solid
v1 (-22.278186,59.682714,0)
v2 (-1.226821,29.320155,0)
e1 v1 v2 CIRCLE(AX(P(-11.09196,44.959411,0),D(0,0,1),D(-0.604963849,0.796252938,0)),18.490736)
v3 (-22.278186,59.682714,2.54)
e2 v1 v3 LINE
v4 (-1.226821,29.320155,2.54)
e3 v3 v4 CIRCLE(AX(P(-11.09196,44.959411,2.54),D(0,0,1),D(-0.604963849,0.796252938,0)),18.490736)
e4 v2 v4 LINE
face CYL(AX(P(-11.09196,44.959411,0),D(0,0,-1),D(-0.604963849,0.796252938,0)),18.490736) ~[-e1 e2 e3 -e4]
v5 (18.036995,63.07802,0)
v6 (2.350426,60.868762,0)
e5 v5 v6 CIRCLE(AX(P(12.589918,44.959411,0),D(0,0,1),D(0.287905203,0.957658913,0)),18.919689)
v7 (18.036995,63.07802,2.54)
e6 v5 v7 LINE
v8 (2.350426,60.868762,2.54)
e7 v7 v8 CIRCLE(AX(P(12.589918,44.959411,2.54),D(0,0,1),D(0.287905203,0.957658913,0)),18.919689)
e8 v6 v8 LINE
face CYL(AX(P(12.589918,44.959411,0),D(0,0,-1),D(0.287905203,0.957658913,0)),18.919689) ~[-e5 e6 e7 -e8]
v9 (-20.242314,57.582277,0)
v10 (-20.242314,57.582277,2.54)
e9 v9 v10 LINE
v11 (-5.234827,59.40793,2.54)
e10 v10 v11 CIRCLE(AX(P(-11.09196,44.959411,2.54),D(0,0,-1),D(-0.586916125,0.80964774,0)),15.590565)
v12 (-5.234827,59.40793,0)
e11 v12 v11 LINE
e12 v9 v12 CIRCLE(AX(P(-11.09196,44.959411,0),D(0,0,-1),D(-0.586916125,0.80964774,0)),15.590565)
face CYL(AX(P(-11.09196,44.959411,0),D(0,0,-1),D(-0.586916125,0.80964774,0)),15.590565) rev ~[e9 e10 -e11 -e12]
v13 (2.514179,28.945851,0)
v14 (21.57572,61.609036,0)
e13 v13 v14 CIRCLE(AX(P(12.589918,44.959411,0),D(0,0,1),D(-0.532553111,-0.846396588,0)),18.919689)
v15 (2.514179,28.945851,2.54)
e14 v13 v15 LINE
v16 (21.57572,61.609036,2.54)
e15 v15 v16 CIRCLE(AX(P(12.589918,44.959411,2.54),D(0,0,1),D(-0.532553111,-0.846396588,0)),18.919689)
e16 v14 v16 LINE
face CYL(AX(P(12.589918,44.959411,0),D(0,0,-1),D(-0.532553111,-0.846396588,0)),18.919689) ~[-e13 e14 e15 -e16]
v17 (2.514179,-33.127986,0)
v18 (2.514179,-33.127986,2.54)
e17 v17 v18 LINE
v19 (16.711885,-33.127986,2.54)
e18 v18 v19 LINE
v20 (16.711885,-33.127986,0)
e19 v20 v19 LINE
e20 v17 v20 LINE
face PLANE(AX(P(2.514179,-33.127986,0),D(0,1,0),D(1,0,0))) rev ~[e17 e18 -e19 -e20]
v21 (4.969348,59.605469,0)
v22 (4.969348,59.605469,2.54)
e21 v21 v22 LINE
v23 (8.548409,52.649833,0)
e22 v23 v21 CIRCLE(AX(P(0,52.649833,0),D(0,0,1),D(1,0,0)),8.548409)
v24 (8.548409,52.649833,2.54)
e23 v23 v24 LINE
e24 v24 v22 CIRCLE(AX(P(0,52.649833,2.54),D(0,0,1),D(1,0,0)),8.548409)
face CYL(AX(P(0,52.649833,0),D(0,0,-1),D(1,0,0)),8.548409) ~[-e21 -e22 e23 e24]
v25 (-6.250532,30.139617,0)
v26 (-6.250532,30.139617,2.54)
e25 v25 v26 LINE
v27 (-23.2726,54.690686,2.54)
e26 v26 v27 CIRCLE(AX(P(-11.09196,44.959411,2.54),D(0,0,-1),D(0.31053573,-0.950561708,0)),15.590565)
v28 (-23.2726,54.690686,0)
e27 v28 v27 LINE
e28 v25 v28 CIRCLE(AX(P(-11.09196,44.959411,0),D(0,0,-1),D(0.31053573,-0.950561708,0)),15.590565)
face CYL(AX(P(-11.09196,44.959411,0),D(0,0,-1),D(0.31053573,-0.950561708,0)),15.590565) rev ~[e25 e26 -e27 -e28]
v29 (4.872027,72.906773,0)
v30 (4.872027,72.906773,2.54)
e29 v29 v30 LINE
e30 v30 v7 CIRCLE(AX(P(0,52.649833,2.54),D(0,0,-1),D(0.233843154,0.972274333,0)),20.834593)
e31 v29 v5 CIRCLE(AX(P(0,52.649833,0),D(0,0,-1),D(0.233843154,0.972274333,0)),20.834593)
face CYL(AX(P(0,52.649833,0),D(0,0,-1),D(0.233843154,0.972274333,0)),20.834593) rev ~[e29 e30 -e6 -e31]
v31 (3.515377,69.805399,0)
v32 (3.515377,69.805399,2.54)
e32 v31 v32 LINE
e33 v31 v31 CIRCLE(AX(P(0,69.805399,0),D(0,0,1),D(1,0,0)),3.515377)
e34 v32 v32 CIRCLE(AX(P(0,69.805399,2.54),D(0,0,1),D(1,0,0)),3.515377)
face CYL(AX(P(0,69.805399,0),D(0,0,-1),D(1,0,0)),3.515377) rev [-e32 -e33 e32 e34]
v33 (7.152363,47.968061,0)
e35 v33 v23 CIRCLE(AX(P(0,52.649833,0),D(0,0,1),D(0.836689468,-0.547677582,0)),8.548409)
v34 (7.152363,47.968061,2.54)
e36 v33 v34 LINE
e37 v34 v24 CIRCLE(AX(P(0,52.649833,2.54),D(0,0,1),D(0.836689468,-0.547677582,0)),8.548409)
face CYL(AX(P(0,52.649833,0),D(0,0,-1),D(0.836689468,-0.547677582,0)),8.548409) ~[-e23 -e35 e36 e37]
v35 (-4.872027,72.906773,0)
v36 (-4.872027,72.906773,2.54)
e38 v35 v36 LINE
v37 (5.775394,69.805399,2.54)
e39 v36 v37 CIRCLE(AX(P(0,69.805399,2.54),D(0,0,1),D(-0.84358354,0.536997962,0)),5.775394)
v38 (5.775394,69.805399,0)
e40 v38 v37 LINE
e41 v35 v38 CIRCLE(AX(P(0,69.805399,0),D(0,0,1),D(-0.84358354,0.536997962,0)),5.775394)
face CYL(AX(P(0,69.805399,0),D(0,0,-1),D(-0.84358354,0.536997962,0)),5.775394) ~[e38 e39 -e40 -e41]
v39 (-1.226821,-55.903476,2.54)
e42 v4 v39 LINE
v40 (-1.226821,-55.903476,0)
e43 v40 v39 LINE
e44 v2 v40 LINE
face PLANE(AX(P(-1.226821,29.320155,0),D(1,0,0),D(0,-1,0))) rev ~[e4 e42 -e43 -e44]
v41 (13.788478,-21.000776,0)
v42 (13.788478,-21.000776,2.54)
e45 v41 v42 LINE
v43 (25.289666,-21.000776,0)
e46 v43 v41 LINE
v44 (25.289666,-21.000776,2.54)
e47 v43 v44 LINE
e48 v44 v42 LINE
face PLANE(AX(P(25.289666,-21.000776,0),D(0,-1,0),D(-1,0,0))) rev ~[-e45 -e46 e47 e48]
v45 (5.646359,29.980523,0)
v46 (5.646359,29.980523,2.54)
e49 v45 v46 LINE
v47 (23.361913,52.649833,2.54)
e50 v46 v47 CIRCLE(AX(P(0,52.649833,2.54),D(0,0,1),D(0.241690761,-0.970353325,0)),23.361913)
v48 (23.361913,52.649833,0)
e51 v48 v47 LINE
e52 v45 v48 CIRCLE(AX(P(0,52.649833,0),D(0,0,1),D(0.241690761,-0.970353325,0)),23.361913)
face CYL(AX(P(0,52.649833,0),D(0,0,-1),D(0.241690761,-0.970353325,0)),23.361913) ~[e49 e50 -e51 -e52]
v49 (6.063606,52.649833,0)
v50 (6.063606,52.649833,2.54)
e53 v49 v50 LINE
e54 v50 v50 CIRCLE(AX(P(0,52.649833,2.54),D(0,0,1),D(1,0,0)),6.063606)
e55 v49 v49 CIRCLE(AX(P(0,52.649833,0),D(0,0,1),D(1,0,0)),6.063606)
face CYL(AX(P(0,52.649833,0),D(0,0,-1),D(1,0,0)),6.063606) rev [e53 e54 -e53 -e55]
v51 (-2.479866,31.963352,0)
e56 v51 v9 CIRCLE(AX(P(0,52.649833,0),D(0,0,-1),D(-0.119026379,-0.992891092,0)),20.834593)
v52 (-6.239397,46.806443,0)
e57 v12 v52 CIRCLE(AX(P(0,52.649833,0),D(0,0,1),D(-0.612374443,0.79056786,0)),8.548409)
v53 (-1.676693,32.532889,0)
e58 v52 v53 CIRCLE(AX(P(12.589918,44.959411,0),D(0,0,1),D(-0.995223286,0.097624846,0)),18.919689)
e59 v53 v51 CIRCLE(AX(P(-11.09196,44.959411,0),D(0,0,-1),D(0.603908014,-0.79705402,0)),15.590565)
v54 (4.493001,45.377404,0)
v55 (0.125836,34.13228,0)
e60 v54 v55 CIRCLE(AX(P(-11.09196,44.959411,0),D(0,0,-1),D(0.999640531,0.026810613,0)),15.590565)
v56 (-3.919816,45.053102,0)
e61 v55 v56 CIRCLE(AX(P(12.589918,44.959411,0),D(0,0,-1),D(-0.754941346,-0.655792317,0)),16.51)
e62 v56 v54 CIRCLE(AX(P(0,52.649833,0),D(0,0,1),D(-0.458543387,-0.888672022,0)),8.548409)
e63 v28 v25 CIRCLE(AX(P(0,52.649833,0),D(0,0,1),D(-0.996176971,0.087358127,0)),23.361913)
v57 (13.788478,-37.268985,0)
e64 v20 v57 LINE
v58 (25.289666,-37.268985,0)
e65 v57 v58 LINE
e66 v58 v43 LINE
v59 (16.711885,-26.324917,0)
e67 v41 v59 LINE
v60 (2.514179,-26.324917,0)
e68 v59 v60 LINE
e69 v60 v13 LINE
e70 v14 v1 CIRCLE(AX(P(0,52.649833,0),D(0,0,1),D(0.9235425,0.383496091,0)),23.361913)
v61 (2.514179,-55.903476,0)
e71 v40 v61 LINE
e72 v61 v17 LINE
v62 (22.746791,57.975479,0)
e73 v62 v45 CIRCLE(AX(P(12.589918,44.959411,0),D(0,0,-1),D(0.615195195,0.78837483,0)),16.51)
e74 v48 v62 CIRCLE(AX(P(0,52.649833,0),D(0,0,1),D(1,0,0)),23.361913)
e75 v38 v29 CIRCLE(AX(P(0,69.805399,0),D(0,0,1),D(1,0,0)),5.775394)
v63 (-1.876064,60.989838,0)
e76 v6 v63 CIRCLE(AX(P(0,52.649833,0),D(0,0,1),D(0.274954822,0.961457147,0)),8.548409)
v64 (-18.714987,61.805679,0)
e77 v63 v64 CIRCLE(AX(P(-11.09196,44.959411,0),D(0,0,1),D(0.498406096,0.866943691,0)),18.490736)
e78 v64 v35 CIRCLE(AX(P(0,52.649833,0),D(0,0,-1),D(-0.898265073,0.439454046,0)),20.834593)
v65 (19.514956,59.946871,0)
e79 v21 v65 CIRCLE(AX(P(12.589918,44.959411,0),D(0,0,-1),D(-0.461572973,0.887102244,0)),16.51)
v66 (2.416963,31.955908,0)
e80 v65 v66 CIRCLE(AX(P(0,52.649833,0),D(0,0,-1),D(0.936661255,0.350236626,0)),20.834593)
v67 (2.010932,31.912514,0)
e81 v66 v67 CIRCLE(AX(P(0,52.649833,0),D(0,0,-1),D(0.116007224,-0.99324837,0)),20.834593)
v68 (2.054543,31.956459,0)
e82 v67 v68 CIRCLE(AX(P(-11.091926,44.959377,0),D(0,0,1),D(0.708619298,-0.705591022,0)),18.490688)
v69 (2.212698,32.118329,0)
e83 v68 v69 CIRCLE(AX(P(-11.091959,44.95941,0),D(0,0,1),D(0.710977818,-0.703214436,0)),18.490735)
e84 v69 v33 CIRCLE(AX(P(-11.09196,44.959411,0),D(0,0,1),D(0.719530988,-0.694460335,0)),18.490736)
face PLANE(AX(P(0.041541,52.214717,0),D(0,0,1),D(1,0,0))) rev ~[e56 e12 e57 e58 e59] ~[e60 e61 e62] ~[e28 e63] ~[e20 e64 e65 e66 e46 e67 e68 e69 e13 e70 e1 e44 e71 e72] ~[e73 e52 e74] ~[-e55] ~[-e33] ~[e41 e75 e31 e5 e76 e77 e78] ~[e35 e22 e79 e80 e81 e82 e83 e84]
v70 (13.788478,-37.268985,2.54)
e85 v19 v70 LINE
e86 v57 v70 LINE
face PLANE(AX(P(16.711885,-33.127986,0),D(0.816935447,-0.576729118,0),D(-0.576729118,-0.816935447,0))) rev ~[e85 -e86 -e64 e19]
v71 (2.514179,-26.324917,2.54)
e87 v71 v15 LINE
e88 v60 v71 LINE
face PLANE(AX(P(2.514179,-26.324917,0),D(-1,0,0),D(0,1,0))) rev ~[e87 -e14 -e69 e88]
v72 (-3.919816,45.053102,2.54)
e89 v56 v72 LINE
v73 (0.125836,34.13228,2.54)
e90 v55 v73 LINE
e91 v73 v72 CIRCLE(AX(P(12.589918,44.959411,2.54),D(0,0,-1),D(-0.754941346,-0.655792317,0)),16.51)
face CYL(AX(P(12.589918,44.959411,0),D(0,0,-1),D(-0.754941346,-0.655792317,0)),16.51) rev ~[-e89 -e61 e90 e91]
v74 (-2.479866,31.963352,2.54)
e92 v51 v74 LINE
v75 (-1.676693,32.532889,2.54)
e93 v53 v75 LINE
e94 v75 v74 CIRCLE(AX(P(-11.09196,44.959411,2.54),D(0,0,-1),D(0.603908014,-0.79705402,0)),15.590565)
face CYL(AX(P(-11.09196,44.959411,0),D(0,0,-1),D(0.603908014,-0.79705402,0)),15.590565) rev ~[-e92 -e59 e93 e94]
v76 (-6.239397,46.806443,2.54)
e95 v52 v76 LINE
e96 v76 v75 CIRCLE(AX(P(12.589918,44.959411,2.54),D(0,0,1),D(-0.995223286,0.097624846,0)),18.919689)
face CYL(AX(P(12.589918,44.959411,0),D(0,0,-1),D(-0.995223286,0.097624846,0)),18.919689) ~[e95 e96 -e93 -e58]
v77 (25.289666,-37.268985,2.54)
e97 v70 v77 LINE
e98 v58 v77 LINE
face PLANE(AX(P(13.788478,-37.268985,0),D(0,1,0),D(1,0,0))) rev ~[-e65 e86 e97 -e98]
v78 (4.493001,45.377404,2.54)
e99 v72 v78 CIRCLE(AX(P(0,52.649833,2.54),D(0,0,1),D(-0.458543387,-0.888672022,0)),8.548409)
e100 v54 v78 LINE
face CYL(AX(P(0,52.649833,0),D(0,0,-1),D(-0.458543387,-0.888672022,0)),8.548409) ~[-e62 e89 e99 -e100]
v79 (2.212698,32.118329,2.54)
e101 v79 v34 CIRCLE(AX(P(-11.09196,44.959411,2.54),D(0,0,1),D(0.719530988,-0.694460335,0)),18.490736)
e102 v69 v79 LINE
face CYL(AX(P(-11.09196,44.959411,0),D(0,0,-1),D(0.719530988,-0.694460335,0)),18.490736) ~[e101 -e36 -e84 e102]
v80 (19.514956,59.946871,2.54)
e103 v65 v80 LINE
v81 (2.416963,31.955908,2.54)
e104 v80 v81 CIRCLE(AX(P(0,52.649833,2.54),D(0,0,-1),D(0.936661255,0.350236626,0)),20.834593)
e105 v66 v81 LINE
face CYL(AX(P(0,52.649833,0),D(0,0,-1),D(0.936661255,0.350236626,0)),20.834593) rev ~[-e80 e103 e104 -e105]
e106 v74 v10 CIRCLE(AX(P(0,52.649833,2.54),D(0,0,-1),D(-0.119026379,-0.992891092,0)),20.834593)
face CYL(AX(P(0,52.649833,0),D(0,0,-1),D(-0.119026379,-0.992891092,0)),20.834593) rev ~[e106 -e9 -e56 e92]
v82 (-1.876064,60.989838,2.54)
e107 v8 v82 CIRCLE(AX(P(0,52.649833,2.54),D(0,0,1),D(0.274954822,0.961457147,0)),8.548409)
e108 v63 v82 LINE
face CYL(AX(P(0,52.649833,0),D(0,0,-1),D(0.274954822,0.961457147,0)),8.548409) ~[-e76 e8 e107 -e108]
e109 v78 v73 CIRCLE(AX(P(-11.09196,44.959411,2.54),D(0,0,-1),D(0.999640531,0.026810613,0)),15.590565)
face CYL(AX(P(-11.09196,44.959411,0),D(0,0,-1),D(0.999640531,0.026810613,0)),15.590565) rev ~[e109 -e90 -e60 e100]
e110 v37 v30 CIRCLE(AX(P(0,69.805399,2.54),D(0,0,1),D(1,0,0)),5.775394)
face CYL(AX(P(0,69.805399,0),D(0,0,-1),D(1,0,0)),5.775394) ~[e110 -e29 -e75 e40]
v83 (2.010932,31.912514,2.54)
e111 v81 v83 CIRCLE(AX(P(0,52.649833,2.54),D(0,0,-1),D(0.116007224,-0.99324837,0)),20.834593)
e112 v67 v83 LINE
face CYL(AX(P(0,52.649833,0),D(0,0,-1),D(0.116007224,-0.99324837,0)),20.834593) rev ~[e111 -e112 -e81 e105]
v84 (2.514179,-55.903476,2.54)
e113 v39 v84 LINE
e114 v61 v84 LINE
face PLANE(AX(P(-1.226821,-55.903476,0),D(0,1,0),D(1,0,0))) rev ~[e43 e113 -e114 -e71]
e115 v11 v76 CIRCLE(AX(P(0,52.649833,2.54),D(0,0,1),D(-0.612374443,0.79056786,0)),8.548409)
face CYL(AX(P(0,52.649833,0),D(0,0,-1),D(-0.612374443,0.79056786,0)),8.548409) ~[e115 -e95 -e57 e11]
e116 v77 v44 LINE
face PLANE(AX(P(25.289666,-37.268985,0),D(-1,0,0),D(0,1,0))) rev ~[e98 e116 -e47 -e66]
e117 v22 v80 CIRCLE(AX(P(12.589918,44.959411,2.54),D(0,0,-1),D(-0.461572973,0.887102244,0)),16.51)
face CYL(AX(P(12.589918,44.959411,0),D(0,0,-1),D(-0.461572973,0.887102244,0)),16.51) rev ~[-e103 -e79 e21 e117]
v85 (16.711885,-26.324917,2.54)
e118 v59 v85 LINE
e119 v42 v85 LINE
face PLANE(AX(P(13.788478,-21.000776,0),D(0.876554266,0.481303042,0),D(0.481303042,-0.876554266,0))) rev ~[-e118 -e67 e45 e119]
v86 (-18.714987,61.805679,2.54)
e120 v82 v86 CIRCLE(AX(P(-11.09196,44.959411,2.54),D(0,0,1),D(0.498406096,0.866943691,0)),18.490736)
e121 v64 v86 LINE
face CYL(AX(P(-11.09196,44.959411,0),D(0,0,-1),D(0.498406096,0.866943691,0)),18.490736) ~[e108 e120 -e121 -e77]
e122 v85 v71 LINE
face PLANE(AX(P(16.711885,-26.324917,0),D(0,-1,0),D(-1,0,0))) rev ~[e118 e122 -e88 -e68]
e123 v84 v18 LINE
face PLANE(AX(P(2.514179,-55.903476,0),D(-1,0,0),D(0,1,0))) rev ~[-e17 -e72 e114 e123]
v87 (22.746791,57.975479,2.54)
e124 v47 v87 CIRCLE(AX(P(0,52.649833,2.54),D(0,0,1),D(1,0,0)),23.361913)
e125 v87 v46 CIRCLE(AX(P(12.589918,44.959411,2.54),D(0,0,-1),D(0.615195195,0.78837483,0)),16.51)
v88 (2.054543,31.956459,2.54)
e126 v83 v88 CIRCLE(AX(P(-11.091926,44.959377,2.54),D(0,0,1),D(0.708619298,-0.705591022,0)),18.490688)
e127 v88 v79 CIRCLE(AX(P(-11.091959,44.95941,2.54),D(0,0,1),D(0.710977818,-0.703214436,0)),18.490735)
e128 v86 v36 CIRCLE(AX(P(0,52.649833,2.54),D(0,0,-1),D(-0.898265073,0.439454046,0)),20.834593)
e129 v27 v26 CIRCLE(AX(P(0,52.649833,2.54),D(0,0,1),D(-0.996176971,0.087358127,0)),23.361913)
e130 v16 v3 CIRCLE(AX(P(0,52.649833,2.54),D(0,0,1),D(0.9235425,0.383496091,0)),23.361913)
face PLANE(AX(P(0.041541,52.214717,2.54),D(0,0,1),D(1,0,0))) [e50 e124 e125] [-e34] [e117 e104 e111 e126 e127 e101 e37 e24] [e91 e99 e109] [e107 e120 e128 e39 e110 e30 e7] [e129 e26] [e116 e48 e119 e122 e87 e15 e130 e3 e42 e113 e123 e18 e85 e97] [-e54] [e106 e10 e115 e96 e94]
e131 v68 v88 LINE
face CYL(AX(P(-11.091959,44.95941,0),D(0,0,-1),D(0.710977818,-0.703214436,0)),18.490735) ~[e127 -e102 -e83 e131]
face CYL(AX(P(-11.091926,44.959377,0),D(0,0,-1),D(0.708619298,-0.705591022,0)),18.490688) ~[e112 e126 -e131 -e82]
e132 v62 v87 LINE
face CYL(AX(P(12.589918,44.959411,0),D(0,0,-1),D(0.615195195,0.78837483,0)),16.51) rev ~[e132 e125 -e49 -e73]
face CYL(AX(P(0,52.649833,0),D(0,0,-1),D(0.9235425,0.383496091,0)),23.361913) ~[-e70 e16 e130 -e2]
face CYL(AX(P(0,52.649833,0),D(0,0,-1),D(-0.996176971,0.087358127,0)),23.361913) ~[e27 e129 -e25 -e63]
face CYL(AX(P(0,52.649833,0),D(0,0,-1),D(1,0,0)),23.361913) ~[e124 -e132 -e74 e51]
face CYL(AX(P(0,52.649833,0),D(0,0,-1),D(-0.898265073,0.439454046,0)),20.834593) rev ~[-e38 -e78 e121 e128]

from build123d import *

# Parameters (mm, degrees)
F0_R     = 3.5153768018
F0_R_2   = 6.0636058291
F1_DEPTH = 2.54


with BuildPart() as f1:
    # F0 (on Top) → F1 (new body)
    with BuildSketch(Plane.XY):
        with BuildLine():
            ThreePointArc((5.6463585832, 29.9805230874), (18.407725664, 38.2646108125), (23.3619132145, 52.649833262))
            ThreePointArc((23.3619132145, 52.649833262), (23.2076230623, 55.3303594861), (22.7467905769, 57.9754794663))
            ThreePointArc((22.7467905769, 57.9754794663), (22.235600115, 59.8162184434), (21.5757197237, 61.6090356508))
            ThreePointArc((21.5757197237, 61.6090356508), (-1.0252043511, 75.9892408183), (-22.2781862608, 59.6827136086))
            ThreePointArc((-22.2781862608, 59.6827136086), (-22.9117571406, 57.2138636926), (-23.2725999439, 54.6906862436))
            ThreePointArc((-23.2725999439, 54.6906862436), (-19.1987651446, 39.3386948447), (-6.2505321915, 30.1396169955))
            ThreePointArc((-6.2505321915, 30.1396169955), (-3.7610611632, 29.5926563322), (-1.2268206757, 29.3201547371))
            ThreePointArc((-1.2268206757, 29.3201547371), (0.3267757613, 29.2902055542), (1.8789265228, 29.3636007594))
            ThreePointArc((1.8789265228, 29.3636007594), (3.7752651922, 29.5949777697), (5.6463585832, 29.9805230874))
        make_face()
        with BuildLine():
            ThreePointArc((-18.7149870564, 61.8056793901), (-13.0343920992, 68.9035984088), (-4.8720269007, 72.9067731276))
            ThreePointArc((-4.8720269007, 72.9067731276), (0, 75.5807920925), (4.8720269007, 72.9067731276))
            ThreePointArc((4.8720269007, 72.9067731276), (12.4642254724, 69.3448427623), (18.0369948255, 63.0780198977))
            ThreePointArc((18.0369948255, 63.0780198977), (18.8411325029, 61.5432007261), (19.51495587, 59.9468707591))
            ThreePointArc((19.51495587, 59.9468707591), (17.7799260376, 41.7891477891), (2.4169632695, 31.9559078877))
            ThreePointArc((2.4169632695, 31.9559078877), (2.2140541983, 31.9332161914), (2.0109324998, 31.9125140205))
            ThreePointArc((2.0109324998, 31.9125140205), (2.0327562529, 31.9344681612), (2.0545432214, 31.9564588069))
            Line((2.0545432214, 31.9564588069), (-2.4798661348, 31.9633516182))
            ThreePointArc((-2.4798661348, 31.9633516182), (-17.1218192261, 40.7787100956), (-20.2423136206, 57.5822766856))
            ThreePointArc((-20.2423136206, 57.5822766856), (-19.5927818752, 59.7352518969), (-18.7149870564, 61.8056793901))
        make_face(mode=Mode.SUBTRACT)
        with BuildLine():
            ThreePointArc((4.8720269007, 72.9067731276), (0, 75.5807920925), (-4.8720269007, 72.9067731276))
            ThreePointArc((-4.8720269007, 72.9067731276), (-1.6151312093, 64.2604439974), (5.7753935091, 69.8053985834))
            ThreePointArc((5.7753935091, 69.8053985834), (5.5449545861, 71.4205297927), (4.8720269007, 72.9067731276))
        make_face()
        with Locations((0, 69.8053985834)):
            Circle(F0_R, mode=Mode.SUBTRACT)
        with BuildLine():
            ThreePointArc((19.51495587, 59.9468707591), (18.8411325029, 61.5432007261), (18.0369948255, 63.0780198977))
            ThreePointArc((18.0369948255, 63.0780198977), (9.9513548111, 63.6942080387), (2.3504261795, 60.8687618428))
            ThreePointArc((2.3504261795, 60.8687618428), (3.7139939597, 60.3492838339), (4.9693481264, 59.6054690662))
            ThreePointArc((4.9693481264, 59.6054690662), (12.202516428, 61.4648652778), (19.51495587, 59.9468707591))
        make_face()
        with BuildLine():
            ThreePointArc((2.3504261795, 60.8687618428), (0.2447848705, 61.1947364568), (-1.8760643095, 60.9898376354))
            ThreePointArc((-1.8760643095, 60.9898376354), (-3.642362058, 60.3834280846), (-5.2348269781, 59.407930387))
            ThreePointArc((-5.2348269781, 59.407930387), (-8.5213747631, 53.3291434925), (-6.2393972156, 46.806442754))
            ThreePointArc((-6.2393972156, 46.806442754), (-5.1547022989, 45.8304246034), (-3.9198162489, 45.0531016742))
            ThreePointArc((-3.9198162489, 45.0531016742), (0.3292842458, 44.1077689841), (4.4930009474, 45.3774036316))
            ThreePointArc((4.4930009474, 45.3774036316), (5.9650234855, 46.5266163738), (7.1523634777, 47.9680614899))
            ThreePointArc((7.1523634777, 47.9680614899), (8.1919660637, 50.2070925361), (8.548408638, 52.649833262))
            ThreePointArc((8.548408638, 52.649833262), (7.6011613814, 56.561052496), (4.9693481264, 59.6054690662))
            ThreePointArc((4.9693481264, 59.6054690662), (3.7139939597, 60.3492838339), (2.3504261795, 60.8687618428))
        make_face()
        with Locations((0, 52.649833262)):
            Circle(F0_R_2, mode=Mode.SUBTRACT)
        with BuildLine():
            ThreePointArc((-1.8760643095, 60.9898376354), (-10.1971375987, 63.4284824133), (-18.7149870564, 61.8056793901))
            ThreePointArc((-18.7149870564, 61.8056793901), (-19.5927818752, 59.7352518969), (-20.2423136206, 57.5822766856))
            ThreePointArc((-20.2423136206, 57.5822766856), (-12.9746650162, 60.4358814105), (-5.2348269781, 59.407930387))
            ThreePointArc((-5.2348269781, 59.407930387), (-3.642362058, 60.3834280846), (-1.8760643095, 60.9898376354))
        make_face()
        with BuildLine():
            ThreePointArc((-23.2725999439, 54.6906862436), (-22.9117571406, 57.2138636926), (-22.2781862608, 59.6827136086))
            ThreePointArc((-22.2781862608, 59.6827136086), (-26.287602572, 34.4237695616), (-1.2268206757, 29.3201547371))
            ThreePointArc((-1.2268206757, 29.3201547371), (-3.7610611632, 29.5926563322), (-6.2505321915, 30.1396169955))
            ThreePointArc((-6.2505321915, 30.1396169955), (-23.9042491332, 36.0762272735), (-23.2725999439, 54.6906862436))
        make_face()
        with BuildLine():
            ThreePointArc((-1.6766925515, 32.5328885725), (-2.0737821313, 32.2417780279), (-2.4798661348, 31.9633516182))
            Line((-2.4798661348, 31.9633516182), (2.0545432214, 31.9564588069))
            ThreePointArc((2.0545432214, 31.9564588069), (2.1338680622, 32.0371517233), (2.212697621, 32.1183285538))
            ThreePointArc((2.212697621, 32.1183285538), (6.5613134045, 39.4576608959), (7.1523634777, 47.9680614899))
            ThreePointArc((7.1523634777, 47.9680614899), (5.9650234855, 46.5266163738), (4.4930009474, 45.3774036316))
            ThreePointArc((4.4930009474, 45.3774036316), (3.4411109654, 39.3153368621), (0.1258362832, 34.1322798652))
            ThreePointArc((0.1258362832, 34.1322798652), (-0.7444799741, 33.2977053551), (-1.6766925515, 32.5328885725))
        make_face()
        with BuildLine():
            ThreePointArc((21.5757197237, 61.6090356508), (22.235600115, 59.8162184434), (22.7467905769, 57.9754794663))
            ThreePointArc((22.7467905769, 57.9754794663), (26.6793019054, 36.3530553105), (5.6463585832, 29.9805230874))
            ThreePointArc((5.6463585832, 29.9805230874), (3.7752651922, 29.5949777697), (1.8789265228, 29.3636007594))
            ThreePointArc((1.8789265228, 29.3636007594), (2.1944539134, 29.1515344239), (2.5141786318, 28.9458507607))
            ThreePointArc((2.5141786318, 28.9458507607), (28.9306003552, 35.4233357491), (21.5757197237, 61.6090356508))
        make_face()
        with BuildLine():
            ThreePointArc((-6.2393972156, 46.806442754), (-5.4314211039, 39.1986841217), (-1.6766925515, 32.5328885725))
            ThreePointArc((-1.6766925515, 32.5328885725), (-0.7444799741, 33.2977053551), (0.1258362832, 34.1322798652))
            ThreePointArc((0.1258362832, 34.1322798652), (-2.8918968266, 39.2241244235), (-3.9198162489, 45.0531016742))
            ThreePointArc((-3.9198162489, 45.0531016742), (-5.1547022989, 45.8304246034), (-6.2393972156, 46.806442754))
        make_face()
        with BuildLine():
            ThreePointArc((2.5141786318, 28.9458507607), (2.1944539134, 29.1515344239), (1.8789265228, 29.3636007594))
            ThreePointArc((1.8789265228, 29.3636007594), (0.3267757613, 29.2902055542), (-1.2268206757, 29.3201547371))
            Line((-1.2268206757, 29.3201547371), (-1.2268206757, -55.9034757316))
            Line((-1.2268206757, -55.9034757316), (2.5141786318, -55.9034757316))
            Line((2.5141786318, -55.9034757316), (2.5141786318, -33.1279858947))
            Line((2.5141786318, -33.1279858947), (2.5141786318, -26.324916631))
            Line((2.5141786318, -26.324916631), (2.5141786318, -21.0007764399))
            Line((2.5141786318, -21.0007764399), (2.5141786318, -18.0429201573))
            Line((2.5141786318, -18.0429201573), (2.5141786318, 28.9458507607))
        make_face()
        Polygon((16.7118851095, -26.324916631), (2.5141786318, -26.324916631), (2.5141786318, -33.1279858947), (16.7118851095, -33.1279858947), (13.788478115, -37.2689850628), (25.2896659076, -37.2689850628), (25.2896659076, -21.0007764399), (13.788478115, -21.0007764399), align=None)
    extrude(amount=F1_DEPTH)


solid = f1.part
